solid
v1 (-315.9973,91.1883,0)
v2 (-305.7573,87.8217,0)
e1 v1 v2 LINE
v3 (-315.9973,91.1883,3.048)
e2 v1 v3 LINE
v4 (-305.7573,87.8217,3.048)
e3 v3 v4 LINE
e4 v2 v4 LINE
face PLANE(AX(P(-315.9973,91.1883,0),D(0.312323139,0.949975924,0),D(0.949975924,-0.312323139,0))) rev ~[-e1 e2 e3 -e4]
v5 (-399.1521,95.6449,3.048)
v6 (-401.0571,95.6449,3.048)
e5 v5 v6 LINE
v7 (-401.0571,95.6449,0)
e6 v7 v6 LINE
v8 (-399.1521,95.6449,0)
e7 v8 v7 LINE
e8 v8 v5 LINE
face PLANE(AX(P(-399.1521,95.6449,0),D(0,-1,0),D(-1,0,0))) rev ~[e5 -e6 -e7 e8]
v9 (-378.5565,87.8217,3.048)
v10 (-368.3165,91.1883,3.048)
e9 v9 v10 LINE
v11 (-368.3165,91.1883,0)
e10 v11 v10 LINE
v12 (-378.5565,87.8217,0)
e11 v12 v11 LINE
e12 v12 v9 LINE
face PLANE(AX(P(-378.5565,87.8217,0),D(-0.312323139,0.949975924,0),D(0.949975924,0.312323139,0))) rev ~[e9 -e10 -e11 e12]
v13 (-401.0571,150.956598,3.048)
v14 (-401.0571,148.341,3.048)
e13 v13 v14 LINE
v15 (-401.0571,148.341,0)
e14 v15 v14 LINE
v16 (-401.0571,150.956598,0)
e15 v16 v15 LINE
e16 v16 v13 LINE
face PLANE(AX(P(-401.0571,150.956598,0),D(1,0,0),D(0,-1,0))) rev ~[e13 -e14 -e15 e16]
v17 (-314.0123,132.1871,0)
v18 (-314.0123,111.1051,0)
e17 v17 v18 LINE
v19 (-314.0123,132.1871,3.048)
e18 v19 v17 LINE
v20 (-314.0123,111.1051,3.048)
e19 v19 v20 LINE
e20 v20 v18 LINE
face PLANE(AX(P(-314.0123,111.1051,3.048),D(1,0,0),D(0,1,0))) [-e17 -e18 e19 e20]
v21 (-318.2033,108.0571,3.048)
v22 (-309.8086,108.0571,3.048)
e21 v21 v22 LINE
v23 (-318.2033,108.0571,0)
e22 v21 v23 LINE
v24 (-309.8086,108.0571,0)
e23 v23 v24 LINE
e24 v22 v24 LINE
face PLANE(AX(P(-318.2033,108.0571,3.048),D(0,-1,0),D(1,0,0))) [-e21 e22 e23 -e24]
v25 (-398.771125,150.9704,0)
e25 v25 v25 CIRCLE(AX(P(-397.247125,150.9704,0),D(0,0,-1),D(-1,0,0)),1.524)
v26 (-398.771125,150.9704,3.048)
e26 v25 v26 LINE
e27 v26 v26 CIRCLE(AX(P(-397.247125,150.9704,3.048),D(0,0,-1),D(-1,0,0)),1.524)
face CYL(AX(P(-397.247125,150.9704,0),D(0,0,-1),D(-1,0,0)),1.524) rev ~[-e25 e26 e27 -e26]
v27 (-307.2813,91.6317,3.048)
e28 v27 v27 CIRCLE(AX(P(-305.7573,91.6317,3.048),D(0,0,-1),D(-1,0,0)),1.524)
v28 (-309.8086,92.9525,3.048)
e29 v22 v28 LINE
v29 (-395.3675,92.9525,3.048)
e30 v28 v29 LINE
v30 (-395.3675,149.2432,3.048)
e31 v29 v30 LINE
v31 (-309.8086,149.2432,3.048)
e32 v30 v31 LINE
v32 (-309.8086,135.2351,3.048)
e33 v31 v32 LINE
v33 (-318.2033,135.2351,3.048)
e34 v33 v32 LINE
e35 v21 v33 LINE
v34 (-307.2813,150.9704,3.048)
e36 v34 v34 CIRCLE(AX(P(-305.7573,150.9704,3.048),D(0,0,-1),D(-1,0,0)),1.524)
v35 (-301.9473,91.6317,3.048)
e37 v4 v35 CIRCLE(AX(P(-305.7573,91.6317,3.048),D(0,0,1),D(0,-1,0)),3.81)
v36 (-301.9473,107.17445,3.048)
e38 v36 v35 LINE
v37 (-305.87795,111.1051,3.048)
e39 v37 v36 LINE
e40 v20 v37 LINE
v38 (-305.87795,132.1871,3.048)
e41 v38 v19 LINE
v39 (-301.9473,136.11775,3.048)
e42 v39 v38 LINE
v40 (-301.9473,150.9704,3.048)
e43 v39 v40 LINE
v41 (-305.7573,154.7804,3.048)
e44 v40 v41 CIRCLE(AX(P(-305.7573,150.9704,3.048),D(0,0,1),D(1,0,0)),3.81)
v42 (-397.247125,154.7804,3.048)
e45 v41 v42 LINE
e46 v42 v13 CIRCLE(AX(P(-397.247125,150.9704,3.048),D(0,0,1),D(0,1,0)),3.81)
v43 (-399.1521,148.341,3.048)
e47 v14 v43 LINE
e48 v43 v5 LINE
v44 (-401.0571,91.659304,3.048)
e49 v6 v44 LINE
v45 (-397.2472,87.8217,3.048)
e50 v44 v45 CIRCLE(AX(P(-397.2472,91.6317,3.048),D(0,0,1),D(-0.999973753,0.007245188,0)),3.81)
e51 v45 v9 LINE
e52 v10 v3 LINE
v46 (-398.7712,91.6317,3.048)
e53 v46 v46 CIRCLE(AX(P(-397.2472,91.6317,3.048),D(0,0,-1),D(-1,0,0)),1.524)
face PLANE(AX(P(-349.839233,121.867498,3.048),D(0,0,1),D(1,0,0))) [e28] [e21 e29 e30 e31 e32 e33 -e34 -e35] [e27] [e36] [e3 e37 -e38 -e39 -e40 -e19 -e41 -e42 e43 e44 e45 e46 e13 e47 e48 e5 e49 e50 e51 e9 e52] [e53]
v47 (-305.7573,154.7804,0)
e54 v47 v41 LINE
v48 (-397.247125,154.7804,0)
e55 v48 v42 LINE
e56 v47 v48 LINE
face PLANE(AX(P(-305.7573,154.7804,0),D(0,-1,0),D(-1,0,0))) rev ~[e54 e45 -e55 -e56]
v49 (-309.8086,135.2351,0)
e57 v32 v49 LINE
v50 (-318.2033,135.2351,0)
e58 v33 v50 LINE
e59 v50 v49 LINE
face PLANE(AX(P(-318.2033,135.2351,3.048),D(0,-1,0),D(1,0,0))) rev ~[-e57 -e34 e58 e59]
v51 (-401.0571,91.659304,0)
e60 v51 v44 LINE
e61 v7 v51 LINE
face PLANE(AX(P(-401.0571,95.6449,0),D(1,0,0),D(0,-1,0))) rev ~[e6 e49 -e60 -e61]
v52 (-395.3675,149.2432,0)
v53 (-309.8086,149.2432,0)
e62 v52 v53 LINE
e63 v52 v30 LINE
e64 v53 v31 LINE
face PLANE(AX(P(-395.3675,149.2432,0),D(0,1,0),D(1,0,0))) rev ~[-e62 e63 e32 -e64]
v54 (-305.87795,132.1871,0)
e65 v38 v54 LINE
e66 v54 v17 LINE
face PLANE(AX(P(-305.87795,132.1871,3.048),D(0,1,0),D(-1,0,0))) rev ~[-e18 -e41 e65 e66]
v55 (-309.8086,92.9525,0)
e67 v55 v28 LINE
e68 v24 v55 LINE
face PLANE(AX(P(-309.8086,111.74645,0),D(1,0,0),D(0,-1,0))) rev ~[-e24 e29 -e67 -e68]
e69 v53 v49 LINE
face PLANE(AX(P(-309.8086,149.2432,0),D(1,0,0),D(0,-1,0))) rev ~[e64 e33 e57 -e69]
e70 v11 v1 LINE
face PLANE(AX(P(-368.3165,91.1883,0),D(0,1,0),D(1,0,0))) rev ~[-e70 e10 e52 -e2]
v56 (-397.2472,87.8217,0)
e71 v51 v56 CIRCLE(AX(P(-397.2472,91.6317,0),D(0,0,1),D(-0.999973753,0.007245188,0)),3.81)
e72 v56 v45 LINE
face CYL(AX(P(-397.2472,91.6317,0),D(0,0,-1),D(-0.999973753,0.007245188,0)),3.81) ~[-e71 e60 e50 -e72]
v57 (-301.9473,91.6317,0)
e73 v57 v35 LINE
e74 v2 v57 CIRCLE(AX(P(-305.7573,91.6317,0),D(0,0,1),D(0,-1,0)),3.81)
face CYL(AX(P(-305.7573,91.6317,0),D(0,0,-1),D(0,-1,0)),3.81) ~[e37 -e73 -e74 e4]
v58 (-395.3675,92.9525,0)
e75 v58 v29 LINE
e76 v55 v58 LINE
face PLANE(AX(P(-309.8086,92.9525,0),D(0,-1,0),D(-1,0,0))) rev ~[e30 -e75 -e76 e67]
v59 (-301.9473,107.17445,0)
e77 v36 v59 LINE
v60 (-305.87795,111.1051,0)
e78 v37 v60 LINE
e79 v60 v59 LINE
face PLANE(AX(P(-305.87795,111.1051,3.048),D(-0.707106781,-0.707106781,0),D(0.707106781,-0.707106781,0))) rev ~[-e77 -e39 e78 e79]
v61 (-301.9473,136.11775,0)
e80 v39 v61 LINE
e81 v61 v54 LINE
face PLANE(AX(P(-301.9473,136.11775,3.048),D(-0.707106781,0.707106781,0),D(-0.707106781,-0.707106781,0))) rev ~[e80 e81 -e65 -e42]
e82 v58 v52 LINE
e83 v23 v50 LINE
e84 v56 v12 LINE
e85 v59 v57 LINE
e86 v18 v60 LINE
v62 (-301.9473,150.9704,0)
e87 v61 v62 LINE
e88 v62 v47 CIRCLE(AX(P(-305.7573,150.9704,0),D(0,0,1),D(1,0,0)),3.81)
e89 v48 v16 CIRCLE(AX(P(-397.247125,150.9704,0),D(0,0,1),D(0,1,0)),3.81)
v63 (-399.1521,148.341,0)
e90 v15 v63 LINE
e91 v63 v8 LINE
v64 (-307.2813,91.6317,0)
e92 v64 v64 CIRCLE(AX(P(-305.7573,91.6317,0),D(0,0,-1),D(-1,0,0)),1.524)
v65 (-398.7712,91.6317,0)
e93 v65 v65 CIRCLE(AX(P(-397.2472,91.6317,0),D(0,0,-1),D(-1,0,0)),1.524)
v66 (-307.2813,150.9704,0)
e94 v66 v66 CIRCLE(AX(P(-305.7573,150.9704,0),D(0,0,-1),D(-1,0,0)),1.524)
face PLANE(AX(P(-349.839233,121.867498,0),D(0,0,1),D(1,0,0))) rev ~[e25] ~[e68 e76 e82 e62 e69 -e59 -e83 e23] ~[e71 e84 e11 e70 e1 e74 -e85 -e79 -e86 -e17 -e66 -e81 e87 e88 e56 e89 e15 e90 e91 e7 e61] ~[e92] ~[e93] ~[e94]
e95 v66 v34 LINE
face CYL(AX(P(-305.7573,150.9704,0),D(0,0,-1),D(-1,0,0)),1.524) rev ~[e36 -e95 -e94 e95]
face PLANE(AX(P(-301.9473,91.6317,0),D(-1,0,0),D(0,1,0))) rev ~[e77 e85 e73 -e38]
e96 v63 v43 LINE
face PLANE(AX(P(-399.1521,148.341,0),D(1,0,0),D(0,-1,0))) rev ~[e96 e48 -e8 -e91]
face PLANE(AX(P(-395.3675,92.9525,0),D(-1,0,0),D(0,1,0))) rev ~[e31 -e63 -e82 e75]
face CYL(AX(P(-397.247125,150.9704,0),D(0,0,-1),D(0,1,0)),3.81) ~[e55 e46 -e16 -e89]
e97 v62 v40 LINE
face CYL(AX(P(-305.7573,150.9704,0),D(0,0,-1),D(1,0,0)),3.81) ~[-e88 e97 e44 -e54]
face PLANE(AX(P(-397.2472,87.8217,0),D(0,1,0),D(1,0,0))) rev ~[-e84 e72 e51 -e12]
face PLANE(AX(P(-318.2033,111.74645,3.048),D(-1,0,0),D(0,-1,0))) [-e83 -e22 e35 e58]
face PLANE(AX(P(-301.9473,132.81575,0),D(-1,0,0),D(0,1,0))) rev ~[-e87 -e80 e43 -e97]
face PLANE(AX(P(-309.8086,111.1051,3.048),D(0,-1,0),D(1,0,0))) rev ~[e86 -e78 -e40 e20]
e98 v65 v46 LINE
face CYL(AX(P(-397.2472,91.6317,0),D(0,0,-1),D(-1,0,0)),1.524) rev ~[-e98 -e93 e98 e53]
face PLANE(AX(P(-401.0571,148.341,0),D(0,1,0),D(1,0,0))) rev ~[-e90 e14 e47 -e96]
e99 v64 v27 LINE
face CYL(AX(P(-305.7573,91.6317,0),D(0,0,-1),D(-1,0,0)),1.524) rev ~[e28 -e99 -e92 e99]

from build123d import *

# Parameters (mm, degrees)
BOSS_EXTRUDE1_DEPTH = 3.048
SKETCH2_R           = 1.355900406
CUT_EXTRUDE1_DEPTH  = 430.898988368
SKETCH3_R           = 1.524
CUT_EXTRUDE2_DEPTH  = 430.898988368
CUT_EXTRUDE3_DEPTH  = 430.898988368
SKETCH4_4_W         = 8.3947
SKETCH4_4_H         = 2.41935
BOSS_EXTRUDE2_DEPTH = 3.048


with BuildPart() as part:
    # Sketch1 → Boss-Extrude1 (new body)
    with BuildSketch(Plane.XY):
        with BuildLine():
            Line((-309.8086, 128.8851), (-305.87795, 128.8851))
            Line((-305.87795, 128.8851), (-301.9473, 132.81575))
            Line((-301.9473, 132.81575), (-301.9473, 150.9704))
            ThreePointArc((-301.9473, 150.9704), (-303.063223164, 153.664476836), (-305.7573, 154.7804))
            Line((-305.7573, 154.7804), (-397.247125, 154.7804))
            ThreePointArc((-397.247125, 154.7804), (-399.946077222, 153.659592612), (-401.0571, 150.956597849))
            Line((-401.0571, 150.956597849), (-401.0571, 148.341))
            Line((-401.0571, 148.341), (-399.1521, 148.341))
            Line((-399.1521, 148.341), (-399.1521, 95.6449))
            Line((-399.1521, 95.6449), (-401.0571, 95.6449))
            Line((-401.0571, 95.6449), (-401.0571, 91.659304166))
            ThreePointArc((-401.0571, 91.659304166), (-399.951018769, 88.947400452), (-397.2472, 87.8217))
            Line((-397.2472, 87.8217), (-378.5565, 87.8217))
            Line((-378.5565, 87.8217), (-368.3165, 91.1883))
            Line((-368.3165, 91.1883), (-315.9973, 91.1883))
            Line((-315.9973, 91.1883), (-305.7573, 87.8217))
            ThreePointArc((-305.7573, 87.8217), (-303.063223164, 88.937623164), (-301.9473, 91.6317))
            Line((-301.9473, 91.6317), (-301.9473, 111.74645))
            Line((-301.9473, 111.74645), (-305.87795, 115.6771))
            Line((-305.87795, 115.6771), (-309.8086, 115.6771))
            Line((-309.8086, 115.6771), (-314.0123, 115.6771))
            Line((-314.0123, 115.6771), (-314.0123, 128.8851))
            Line((-314.0123, 128.8851), (-309.8086, 128.8851))
        make_face()
        Polygon((-395.3675, 92.9525), (-395.3675, 149.2432), (-309.8086, 149.2432), (-309.8086, 132.81575), (-318.2033, 132.81575), (-318.2033, 111.74645), (-309.8086, 111.74645), (-309.8086, 92.9525), align=None, mode=Mode.SUBTRACT)
    extrude(amount=BOSS_EXTRUDE1_DEPTH)

    # Sketch2 → Cut-Extrude1 (cut, through all)
    with BuildSketch(Plane(origin=(0, 0, 0), x_dir=(-1, 0, 0), z_dir=(0, 0, -1))):
        with Locations((305.7573, 150.9704)):
            Circle(SKETCH2_R)
        with Locations((397.247125, 150.9704)):
            Circle(SKETCH2_R)
        with Locations((397.2472, 91.6317)):
            Circle(SKETCH2_R)
        with Locations((305.7573, 91.6317)):
            Circle(SKETCH2_R)
    extrude(amount=-CUT_EXTRUDE1_DEPTH, mode=Mode.SUBTRACT)

    # Sketch3 → Cut-Extrude2 (cut, through all)
    with BuildSketch(Plane(origin=(0, 0, 0), x_dir=(-1, 0, 0), z_dir=(0, 0, -1))):
        with Locations((305.7573, 150.9704)):
            Circle(SKETCH3_R)
        with Locations((397.247125, 150.9704)):
            Circle(SKETCH3_R)
        with Locations((397.2472, 91.6317)):
            Circle(SKETCH3_R)
        with Locations((305.7573, 91.6317)):
            Circle(SKETCH3_R)
    extrude(amount=-CUT_EXTRUDE2_DEPTH, mode=Mode.SUBTRACT)

    # Sketch4 → Cut-Extrude3 (cut, through all)
    with BuildSketch(Plane.XY.offset(3.048)):
        Polygon((-301.9473, 111.74645), (-301.9473, 132.81575), (-305.87795, 128.8851), (-314.0123, 128.8851), (-314.0123, 115.6771), (-305.87795, 115.6771), align=None)
        Polygon((-301.9473, 132.81575), (-301.9473, 136.11775), (-305.87795, 132.1871), (-314.0123, 132.1871), (-314.0123, 128.8851), (-305.87795, 128.8851), align=None)
        Polygon((-301.9473, 107.17445), (-301.9473, 111.74645), (-305.87795, 115.6771), (-314.0123, 115.6771), (-314.0123, 111.74645), (-309.8086, 111.74645), (-309.8086, 111.1051), (-305.87795, 111.1051), align=None)
    extrude(amount=-CUT_EXTRUDE3_DEPTH, mode=Mode.SUBTRACT)

    # Sketch4<4> → Boss-Extrude2 (add)
    with BuildSketch(Plane.XY.offset(3.048)):
        Polygon((-301.9473, 104.12645), (-301.9473, 107.17445), (-305.87795, 111.1051), (-309.8086, 111.1051), (-309.8086, 108.0571), (-305.87795, 108.0571), align=None)
        Polygon((-314.0123, 111.1051), (-314.0123, 111.74645), (-318.2033, 111.74645), (-318.2033, 108.0571), (-309.8086, 108.0571), (-309.8086, 111.1051), align=None)
        with Locations((-314.00595, 134.025425)):
            Rectangle(SKETCH4_4_W, SKETCH4_4_H)
    extrude(amount=-BOSS_EXTRUDE2_DEPTH)


solid = part.part
